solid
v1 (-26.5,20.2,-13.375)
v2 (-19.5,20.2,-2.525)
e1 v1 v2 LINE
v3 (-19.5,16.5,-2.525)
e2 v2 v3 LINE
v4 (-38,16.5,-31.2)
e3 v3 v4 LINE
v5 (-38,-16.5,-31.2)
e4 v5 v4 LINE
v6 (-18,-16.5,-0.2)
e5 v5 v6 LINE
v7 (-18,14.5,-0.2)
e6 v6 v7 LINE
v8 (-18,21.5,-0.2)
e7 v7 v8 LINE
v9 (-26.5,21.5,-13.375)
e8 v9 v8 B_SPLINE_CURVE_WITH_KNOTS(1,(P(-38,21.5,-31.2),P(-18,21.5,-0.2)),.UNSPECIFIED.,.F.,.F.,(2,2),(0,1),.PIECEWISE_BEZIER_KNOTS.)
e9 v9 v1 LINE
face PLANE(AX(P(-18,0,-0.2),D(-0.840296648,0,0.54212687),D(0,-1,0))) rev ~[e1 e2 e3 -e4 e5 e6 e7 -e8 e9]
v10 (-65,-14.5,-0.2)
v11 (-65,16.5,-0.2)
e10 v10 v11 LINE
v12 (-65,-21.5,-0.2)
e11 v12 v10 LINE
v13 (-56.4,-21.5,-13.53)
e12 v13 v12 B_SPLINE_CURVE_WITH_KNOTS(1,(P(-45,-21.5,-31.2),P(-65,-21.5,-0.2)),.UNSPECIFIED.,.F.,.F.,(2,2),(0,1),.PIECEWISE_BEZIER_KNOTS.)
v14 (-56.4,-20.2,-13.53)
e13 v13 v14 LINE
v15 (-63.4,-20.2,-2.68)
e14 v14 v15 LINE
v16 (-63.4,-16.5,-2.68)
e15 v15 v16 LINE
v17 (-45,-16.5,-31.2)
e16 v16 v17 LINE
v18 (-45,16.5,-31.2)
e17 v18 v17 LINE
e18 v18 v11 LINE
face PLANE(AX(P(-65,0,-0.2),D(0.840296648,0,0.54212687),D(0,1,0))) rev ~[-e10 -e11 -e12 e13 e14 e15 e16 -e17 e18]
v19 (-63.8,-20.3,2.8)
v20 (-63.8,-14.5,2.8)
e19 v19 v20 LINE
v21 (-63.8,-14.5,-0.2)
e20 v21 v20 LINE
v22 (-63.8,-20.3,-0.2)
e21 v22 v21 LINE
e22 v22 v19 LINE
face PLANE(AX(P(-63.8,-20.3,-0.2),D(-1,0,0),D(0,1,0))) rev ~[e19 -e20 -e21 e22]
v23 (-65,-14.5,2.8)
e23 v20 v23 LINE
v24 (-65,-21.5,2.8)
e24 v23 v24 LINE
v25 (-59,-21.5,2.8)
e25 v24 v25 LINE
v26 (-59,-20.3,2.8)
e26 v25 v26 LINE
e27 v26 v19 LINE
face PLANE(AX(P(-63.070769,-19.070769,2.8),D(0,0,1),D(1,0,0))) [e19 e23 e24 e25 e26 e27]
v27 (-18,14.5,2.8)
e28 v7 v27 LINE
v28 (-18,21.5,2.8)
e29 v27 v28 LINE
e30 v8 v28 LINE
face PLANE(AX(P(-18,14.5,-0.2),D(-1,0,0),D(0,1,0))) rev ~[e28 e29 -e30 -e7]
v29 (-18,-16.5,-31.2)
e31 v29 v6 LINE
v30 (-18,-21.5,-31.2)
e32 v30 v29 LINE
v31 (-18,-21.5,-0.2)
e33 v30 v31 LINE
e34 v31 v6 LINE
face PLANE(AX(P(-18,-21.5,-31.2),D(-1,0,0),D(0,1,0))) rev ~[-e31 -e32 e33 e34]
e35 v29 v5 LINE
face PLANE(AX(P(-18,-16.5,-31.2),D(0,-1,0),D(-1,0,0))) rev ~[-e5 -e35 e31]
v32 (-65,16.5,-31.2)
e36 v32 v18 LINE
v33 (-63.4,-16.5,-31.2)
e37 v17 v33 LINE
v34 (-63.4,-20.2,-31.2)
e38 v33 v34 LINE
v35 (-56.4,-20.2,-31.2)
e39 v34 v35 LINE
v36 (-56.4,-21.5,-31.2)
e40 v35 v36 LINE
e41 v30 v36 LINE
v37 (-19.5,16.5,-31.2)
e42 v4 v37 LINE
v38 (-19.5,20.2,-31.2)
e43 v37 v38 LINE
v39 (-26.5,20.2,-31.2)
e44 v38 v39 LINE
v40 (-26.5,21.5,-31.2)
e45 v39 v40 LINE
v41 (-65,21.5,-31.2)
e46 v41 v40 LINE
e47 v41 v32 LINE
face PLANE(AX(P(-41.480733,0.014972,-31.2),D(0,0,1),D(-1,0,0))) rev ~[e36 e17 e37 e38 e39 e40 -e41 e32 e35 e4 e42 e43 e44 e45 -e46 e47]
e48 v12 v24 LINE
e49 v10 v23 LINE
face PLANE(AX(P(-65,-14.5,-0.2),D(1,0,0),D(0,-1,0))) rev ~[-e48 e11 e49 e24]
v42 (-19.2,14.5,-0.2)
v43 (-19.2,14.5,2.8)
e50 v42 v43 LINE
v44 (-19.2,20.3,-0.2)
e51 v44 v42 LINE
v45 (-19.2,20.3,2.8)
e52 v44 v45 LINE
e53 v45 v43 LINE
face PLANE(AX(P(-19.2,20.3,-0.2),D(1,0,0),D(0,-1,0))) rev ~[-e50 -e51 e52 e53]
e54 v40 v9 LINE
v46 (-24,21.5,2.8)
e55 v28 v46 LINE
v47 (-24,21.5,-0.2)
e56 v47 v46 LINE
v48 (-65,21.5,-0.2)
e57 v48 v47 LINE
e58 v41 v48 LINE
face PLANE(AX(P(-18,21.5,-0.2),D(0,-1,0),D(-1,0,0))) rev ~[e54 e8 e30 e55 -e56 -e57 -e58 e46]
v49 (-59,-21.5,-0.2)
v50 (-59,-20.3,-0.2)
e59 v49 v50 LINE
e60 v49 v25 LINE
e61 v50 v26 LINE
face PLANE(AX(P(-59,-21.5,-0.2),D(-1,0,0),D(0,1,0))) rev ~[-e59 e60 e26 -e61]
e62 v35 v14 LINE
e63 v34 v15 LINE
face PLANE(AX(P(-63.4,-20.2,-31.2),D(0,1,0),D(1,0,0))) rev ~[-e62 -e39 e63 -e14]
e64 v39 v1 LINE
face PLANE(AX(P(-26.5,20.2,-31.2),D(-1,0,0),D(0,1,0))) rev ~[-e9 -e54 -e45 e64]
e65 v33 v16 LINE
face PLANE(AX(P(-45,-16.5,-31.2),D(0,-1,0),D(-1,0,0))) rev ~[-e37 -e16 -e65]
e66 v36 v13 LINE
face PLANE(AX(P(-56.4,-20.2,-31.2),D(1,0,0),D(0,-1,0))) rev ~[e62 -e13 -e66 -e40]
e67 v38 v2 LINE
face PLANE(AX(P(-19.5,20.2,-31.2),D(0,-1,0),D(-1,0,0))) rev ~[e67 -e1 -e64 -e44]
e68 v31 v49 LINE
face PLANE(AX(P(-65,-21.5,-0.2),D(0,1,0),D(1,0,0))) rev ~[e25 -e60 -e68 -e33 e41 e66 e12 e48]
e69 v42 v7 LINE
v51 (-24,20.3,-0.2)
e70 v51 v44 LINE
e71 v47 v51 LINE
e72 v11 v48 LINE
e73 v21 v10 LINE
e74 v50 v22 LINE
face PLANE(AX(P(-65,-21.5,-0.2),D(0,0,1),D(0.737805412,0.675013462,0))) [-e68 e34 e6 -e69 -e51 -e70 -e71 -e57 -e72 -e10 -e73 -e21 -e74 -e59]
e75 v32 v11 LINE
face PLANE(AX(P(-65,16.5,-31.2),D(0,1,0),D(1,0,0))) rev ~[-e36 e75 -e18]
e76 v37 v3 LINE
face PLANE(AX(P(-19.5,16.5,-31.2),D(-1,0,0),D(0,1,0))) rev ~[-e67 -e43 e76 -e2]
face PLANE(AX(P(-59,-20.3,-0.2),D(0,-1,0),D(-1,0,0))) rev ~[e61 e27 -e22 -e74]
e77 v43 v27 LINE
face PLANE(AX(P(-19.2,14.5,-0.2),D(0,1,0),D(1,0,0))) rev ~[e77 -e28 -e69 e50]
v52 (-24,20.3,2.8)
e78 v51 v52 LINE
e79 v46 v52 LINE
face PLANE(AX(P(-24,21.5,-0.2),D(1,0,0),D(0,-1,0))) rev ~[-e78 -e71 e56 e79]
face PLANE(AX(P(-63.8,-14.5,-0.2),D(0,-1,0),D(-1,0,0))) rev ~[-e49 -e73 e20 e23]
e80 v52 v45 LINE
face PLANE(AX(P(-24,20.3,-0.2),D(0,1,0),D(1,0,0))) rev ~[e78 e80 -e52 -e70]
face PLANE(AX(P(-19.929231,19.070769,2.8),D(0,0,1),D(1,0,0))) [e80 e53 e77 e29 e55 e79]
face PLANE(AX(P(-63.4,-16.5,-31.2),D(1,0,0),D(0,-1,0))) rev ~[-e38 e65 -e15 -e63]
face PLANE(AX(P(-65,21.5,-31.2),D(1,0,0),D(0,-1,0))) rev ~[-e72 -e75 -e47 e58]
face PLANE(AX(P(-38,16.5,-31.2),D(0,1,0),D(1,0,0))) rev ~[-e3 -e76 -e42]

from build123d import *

# Parameters (mm, degrees)
SKETCH031_W  = 7
SKETCH031_H  = 43
SKETCH029_W  = 47
SKETCH029_H  = 43
PAD006_DEPTH = 31
PAD007_DEPTH = 3
PAD013_DEPTH = 3


with BuildPart() as part:
    # Sketch031 → AdditiveLoft001 section 0
    with BuildSketch(Plane(origin=(0, 0, -31.2), x_dir=(1, 0, 0), z_dir=(0, 0, -1))):
        with Locations((-41.5, 0)):
            Rectangle(SKETCH031_W, SKETCH031_H)
    # Sketch029 → AdditiveLoft001 section 1
    with BuildSketch(Plane.XY.offset(-0.2)):
        with Locations((-41.5, 0)):
            Rectangle(SKETCH029_W, SKETCH029_H)
    loft()

    # Sketch027 → Pad006 (new body)
    with BuildSketch(Plane(origin=(0, 0, -31.2), x_dir=(1, 0, 0), z_dir=(0, 0, -1))):
        Polygon((-18, 16.5), (-38, 16.5), (-38, -16.5), (-19.5, -16.5), (-19.5, -20.2), (-26.5, -20.2), (-26.5, -21.5), (-65, -21.5), (-65, -16.5), (-45, -16.5), (-45, 16.5), (-63.4, 16.5), (-63.4, 20.2), (-56.4, 20.2), (-56.4, 21.5), (-18, 21.5), align=None)
    extrude(amount=-PAD006_DEPTH)

    # Sketch035 → Pad007 (join)
    with BuildSketch(Plane.XY.offset(-0.2)):
        Polygon((-24, 21.5), (-24, 20.3), (-19.2, 20.3), (-19.2, 14.5), (-18, 14.5), (-18, 21.5), align=None)
    extrude(amount=PAD007_DEPTH)

    # Sketch032 (on Face11 of Pad007) → Pad013 (join)
    with BuildSketch(Plane.XY.offset(-0.2)):
        Polygon((-65, -14.5), (-65, -21.5), (-59, -21.5), (-59, -20.3), (-63.8, -20.3), (-63.8, -14.5), align=None)
    extrude(amount=PAD013_DEPTH)


solid = part.part
